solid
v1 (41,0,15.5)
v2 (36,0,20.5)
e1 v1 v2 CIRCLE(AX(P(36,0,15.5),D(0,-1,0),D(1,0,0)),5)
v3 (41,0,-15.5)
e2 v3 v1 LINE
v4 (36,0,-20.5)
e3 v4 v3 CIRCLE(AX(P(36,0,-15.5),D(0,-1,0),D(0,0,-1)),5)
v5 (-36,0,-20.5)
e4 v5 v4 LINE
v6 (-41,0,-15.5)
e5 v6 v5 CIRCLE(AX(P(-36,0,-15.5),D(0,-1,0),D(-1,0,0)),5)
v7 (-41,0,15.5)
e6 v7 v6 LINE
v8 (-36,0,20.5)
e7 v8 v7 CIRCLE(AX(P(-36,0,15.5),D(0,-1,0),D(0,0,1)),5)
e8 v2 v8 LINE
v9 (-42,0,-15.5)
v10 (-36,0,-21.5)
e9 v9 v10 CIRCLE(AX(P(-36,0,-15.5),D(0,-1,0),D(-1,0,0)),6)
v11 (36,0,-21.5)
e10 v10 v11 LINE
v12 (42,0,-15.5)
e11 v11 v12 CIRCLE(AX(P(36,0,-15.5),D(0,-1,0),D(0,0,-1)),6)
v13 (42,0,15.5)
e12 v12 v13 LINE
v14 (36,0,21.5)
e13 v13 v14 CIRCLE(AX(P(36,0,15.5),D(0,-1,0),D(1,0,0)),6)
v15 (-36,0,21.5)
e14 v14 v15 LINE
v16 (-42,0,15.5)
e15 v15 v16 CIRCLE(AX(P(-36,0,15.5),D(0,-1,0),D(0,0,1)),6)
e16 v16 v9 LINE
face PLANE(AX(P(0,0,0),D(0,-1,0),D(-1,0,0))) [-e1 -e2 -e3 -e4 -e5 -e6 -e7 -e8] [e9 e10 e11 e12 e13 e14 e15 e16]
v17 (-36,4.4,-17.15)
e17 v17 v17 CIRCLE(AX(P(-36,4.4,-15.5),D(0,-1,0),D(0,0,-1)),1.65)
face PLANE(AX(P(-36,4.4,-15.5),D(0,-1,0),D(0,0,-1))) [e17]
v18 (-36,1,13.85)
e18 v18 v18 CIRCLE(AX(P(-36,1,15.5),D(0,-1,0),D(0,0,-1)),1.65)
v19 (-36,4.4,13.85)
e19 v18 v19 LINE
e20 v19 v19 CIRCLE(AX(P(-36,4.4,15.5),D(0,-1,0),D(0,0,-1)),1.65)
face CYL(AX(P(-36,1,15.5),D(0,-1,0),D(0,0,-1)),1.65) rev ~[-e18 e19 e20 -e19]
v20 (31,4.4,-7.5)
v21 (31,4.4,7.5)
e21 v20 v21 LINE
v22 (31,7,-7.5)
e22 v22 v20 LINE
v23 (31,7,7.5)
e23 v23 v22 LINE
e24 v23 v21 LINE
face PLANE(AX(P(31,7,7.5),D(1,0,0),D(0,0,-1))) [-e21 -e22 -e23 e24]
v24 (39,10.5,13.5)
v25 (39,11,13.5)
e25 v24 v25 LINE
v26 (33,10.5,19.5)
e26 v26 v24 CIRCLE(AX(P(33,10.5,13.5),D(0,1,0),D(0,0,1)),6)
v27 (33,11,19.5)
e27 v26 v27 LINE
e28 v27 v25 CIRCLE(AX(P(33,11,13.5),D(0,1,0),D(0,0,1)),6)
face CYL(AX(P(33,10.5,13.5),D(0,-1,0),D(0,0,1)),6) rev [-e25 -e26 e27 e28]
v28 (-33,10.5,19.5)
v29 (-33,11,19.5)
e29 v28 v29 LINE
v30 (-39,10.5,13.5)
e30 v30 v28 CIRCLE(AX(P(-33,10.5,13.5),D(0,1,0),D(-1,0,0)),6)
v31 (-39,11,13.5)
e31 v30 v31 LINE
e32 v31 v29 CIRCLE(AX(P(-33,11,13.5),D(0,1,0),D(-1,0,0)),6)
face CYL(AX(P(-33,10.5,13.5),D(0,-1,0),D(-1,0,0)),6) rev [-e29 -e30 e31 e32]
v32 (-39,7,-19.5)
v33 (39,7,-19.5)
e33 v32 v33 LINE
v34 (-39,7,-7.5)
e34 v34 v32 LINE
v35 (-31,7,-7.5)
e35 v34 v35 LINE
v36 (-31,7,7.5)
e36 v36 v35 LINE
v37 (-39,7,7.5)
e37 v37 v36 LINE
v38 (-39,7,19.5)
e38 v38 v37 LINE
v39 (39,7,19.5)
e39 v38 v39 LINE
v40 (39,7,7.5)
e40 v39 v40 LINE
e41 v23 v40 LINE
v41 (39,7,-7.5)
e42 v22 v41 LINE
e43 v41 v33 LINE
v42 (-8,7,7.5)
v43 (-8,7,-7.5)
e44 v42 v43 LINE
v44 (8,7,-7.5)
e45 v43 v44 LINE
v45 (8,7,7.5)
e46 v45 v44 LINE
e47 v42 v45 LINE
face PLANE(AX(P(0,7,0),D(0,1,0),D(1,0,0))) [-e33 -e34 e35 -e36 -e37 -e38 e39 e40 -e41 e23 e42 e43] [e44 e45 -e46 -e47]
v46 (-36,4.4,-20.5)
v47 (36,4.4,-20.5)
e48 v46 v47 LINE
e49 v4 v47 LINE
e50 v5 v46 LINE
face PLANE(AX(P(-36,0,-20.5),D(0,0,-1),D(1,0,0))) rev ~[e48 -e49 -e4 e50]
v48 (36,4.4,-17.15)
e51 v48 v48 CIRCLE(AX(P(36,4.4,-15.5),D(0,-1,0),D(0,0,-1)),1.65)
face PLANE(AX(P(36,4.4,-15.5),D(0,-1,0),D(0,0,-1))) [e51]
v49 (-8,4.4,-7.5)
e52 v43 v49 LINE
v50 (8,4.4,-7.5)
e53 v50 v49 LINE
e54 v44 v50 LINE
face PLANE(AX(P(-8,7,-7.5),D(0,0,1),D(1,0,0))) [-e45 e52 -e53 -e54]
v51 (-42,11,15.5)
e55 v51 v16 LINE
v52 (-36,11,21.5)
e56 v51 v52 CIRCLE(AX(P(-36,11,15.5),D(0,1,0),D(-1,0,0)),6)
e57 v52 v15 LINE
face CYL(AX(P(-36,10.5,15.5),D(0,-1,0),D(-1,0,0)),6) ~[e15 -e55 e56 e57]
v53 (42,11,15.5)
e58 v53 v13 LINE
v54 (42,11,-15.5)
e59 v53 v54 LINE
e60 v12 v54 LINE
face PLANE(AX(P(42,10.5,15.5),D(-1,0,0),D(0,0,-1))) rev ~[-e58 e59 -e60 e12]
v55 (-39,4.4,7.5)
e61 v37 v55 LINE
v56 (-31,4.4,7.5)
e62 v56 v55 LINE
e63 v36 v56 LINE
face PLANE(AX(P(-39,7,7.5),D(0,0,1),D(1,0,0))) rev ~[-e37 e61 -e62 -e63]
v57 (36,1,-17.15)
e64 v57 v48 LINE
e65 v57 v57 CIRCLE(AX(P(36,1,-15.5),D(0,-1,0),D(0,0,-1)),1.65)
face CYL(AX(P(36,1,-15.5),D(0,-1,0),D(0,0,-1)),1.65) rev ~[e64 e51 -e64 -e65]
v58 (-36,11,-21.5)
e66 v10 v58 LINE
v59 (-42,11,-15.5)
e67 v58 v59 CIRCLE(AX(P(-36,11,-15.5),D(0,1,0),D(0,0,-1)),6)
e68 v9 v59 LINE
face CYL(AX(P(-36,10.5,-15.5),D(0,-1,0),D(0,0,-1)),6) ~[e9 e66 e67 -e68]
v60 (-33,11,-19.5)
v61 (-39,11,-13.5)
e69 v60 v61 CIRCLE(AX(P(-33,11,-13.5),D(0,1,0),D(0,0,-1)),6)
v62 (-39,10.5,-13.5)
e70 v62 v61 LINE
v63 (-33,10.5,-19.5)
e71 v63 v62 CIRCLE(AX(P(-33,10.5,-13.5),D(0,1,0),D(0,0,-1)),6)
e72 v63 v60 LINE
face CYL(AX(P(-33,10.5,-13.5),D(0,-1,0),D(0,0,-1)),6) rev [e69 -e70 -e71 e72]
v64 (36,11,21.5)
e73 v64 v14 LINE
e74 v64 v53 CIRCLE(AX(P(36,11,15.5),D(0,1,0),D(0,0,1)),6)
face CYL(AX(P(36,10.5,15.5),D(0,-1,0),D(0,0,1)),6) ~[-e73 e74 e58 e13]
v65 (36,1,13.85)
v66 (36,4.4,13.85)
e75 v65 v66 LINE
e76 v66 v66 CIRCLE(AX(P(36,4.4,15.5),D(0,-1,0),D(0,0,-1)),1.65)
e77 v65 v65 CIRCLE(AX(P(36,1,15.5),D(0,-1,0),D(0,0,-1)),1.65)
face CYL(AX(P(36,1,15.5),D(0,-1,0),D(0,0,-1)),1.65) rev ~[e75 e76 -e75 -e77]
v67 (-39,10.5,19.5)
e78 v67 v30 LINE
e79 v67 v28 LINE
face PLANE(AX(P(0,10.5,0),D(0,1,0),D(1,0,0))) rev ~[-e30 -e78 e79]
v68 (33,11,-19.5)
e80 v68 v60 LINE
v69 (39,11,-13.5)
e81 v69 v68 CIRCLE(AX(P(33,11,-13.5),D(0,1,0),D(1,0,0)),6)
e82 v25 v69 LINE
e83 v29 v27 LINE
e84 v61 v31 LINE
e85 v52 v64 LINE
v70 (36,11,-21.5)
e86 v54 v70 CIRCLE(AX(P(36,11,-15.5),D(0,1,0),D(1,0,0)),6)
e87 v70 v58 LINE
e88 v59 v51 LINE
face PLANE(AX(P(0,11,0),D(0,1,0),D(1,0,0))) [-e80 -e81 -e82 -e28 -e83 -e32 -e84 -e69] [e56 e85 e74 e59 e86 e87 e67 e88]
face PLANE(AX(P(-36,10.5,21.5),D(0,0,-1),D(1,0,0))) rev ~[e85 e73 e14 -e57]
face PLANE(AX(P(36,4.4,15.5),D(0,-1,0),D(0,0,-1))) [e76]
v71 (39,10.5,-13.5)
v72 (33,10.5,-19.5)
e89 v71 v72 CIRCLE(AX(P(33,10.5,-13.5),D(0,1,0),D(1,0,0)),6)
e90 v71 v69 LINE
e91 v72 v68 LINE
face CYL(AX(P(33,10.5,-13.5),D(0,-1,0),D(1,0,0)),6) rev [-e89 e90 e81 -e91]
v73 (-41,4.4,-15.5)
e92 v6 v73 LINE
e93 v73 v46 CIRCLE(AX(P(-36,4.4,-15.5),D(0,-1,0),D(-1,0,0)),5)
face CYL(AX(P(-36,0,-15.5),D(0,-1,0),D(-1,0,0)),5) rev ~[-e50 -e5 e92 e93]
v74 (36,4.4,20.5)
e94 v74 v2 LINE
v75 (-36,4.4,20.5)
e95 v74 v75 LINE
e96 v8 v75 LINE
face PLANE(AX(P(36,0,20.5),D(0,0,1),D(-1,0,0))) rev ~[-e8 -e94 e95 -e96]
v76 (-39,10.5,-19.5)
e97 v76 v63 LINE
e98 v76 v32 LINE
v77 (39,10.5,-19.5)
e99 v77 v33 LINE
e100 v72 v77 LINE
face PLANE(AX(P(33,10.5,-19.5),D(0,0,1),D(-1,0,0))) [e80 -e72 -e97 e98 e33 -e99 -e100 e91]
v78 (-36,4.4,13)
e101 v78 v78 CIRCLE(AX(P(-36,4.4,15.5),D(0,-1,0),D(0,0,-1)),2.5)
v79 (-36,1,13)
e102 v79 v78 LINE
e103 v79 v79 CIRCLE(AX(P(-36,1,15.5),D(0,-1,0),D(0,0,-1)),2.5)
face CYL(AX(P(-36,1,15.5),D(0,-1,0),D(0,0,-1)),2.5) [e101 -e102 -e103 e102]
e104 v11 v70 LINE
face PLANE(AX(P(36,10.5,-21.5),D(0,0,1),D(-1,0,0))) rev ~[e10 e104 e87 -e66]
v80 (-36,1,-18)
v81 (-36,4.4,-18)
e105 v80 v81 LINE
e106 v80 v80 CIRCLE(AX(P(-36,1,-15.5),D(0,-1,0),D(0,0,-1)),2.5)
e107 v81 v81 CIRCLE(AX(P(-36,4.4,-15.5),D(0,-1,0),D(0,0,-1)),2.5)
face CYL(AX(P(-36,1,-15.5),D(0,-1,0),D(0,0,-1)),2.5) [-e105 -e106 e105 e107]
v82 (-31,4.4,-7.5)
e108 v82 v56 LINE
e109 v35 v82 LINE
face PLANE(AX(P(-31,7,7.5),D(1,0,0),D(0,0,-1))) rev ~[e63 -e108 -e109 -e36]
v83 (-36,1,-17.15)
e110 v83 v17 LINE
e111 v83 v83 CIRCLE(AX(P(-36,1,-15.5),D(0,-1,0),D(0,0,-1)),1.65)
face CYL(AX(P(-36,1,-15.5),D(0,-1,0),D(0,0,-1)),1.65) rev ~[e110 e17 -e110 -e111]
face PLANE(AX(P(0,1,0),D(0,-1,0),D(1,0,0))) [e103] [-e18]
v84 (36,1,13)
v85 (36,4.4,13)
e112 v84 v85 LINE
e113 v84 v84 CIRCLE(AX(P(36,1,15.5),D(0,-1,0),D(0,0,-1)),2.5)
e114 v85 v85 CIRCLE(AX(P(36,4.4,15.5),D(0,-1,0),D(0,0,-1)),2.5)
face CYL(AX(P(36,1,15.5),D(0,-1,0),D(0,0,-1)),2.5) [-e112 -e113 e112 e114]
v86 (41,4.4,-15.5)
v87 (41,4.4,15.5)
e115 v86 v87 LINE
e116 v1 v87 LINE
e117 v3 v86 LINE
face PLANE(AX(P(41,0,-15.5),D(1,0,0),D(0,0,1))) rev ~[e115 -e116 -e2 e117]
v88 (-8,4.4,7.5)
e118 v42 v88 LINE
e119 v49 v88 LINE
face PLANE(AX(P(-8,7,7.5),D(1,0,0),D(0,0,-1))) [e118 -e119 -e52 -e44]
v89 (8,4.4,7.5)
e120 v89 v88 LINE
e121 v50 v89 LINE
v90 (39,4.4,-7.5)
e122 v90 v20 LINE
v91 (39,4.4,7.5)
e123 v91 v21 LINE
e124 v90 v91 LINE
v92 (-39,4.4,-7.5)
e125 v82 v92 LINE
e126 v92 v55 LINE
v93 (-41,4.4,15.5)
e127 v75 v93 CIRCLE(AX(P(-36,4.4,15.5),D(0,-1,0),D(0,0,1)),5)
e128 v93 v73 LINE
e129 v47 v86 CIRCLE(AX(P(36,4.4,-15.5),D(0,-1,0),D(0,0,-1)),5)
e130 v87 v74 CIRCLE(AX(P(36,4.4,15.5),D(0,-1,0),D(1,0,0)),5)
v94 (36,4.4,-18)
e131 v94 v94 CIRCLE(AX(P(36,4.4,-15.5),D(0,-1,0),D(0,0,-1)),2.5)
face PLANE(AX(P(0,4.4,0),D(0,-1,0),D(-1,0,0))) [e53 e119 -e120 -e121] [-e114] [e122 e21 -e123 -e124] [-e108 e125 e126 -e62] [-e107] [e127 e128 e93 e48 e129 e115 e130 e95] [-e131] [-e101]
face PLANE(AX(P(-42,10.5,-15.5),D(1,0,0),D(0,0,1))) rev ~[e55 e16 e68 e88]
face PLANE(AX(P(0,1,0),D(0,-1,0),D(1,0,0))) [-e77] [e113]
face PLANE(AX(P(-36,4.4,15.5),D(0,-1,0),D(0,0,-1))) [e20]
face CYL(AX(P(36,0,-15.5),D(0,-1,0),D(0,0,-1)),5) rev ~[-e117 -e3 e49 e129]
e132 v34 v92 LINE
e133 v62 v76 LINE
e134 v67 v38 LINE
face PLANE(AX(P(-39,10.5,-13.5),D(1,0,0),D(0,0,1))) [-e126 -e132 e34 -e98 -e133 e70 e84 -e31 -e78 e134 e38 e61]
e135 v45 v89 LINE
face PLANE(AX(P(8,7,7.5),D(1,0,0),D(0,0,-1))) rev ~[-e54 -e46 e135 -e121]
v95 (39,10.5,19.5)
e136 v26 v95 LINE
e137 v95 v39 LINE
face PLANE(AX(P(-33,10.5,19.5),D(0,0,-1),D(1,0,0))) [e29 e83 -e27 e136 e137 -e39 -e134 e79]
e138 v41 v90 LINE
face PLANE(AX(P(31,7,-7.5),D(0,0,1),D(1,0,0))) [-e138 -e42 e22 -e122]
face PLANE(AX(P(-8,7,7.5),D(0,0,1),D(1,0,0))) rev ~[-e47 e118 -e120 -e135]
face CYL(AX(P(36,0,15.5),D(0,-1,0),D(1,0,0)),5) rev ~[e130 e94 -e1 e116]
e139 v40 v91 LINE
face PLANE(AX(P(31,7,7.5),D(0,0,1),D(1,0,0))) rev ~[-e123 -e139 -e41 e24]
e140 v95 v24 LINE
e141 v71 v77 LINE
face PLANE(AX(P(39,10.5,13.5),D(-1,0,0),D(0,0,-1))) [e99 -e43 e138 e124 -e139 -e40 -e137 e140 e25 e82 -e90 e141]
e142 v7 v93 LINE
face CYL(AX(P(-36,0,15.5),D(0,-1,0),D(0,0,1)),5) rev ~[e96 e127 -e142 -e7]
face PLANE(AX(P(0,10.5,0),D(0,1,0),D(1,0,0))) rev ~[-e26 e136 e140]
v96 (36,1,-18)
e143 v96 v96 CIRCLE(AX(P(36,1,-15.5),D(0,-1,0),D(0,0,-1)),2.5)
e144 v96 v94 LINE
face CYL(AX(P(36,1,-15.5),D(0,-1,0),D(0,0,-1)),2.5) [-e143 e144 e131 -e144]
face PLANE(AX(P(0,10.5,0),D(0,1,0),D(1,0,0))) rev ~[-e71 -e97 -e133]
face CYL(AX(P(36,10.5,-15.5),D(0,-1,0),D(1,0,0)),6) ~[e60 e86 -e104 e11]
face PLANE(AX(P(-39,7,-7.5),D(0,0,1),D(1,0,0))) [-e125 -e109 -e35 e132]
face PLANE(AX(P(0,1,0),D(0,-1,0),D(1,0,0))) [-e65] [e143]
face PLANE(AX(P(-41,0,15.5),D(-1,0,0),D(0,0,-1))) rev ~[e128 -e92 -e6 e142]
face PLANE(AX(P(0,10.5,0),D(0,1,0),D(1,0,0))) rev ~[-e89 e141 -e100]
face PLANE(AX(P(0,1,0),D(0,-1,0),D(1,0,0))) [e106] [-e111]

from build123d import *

# Parameters (mm, degrees)
EXTRUDE_1_DEPTH     = 10.5
CUT_EXTRUDE_1_DEPTH = 1
SKETCH_3_R          = 2.5
SKETCH_3_R_2        = 1.65
CUT_EXTRUDE_2_DEPTH = 3.4
SKETCH_4_W          = 78
SKETCH_4_H          = 39
CUT_EXTRUDE_3_DEPTH = 3.5
SKETCH_5_W          = 8
SKETCH_5_H          = 15
CUT_EXTRUDE_4_DEPTH = 48.699580711
SKETCH_6_W          = 16
SKETCH_6_H          = 15
CUT_EXTRUDE_5_DEPTH = 48.699580711
EXTRUDE_2_DEPTH     = 0.5


with BuildPart() as part:
    # 草图1 → 凸台-拉伸1 (new body)
    with BuildSketch(Plane(origin=(0, 0, 0), x_dir=(1, 0, 0), z_dir=(0, 1, 0))):
        with BuildLine():
            Line((-36, 21.5), (36, 21.5))
            ThreePointArc((36, 21.5), (40.242640687, 19.742640687), (42, 15.5))
            Line((42, 15.5), (42, -15.5))
            ThreePointArc((42, -15.5), (40.242640687, -19.742640687), (36, -21.5))
            Line((36, -21.5), (-36, -21.5))
            ThreePointArc((-36, -21.5), (-40.242640687, -19.742640687), (-42, -15.5))
            Line((-42, -15.5), (-42, 15.5))
            ThreePointArc((-42, 15.5), (-40.242640687, 19.742640687), (-36, 21.5))
        make_face()
    extrude(amount=EXTRUDE_1_DEPTH)

    # 草图2 → 切除-拉伸1 (cut)
    with BuildSketch(Plane.XZ):
        with BuildLine():
            Line((36, 20.5), (-36, 20.5))
            ThreePointArc((-36, 20.5), (-39.535533906, 19.035533906), (-41, 15.5))
            Line((-41, 15.5), (-41, -15.5))
            ThreePointArc((-41, -15.5), (-39.535533906, -19.035533906), (-36, -20.5))
            Line((-36, -20.5), (36, -20.5))
            ThreePointArc((36, -20.5), (39.535533906, -19.035533906), (41, -15.5))
            Line((41, -15.5), (41, 15.5))
            ThreePointArc((41, 15.5), (39.535533906, 19.035533906), (36, 20.5))
        make_face()
    extrude(amount=-CUT_EXTRUDE_1_DEPTH, mode=Mode.SUBTRACT)

    # 草图3 → 切除-拉伸2 (cut)
    # profile 1 of 5: a face of its own
    with BuildSketch(Plane(origin=(0, 1, 0), x_dir=(-1, 0, 0), z_dir=(0, -1, 0))):
        with BuildLine():
            Line((-41, 15.5), (-41, -15.5))
            ThreePointArc((-41, -15.5), (-39.535533906, -19.035533906), (-36, -20.5))
            Line((-36, -20.5), (36, -20.5))
            ThreePointArc((36, -20.5), (39.535533906, -19.035533906), (41, -15.5))
            Line((41, -15.5), (41, 15.5))
            ThreePointArc((41, 15.5), (39.535533906, 19.035533906), (36, 20.5))
            Line((36, 20.5), (-36, 20.5))
            ThreePointArc((-36, 20.5), (-39.535533906, 19.035533906), (-41, 15.5))
        make_face()
        with Locations(Location((36, 15.5, 0), (0, 0, 90))):
            Circle(SKETCH_3_R, mode=Mode.SUBTRACT)
        with Locations(Location((36, -15.5, 0), (0, 0, 90))):
            Circle(SKETCH_3_R, mode=Mode.SUBTRACT)
        with Locations(Location((-36, 15.5, 0), (0, 0, 90))):
            Circle(SKETCH_3_R, mode=Mode.SUBTRACT)
        with Locations(Location((-36, -15.5, 0), (0, 0, 90))):
            Circle(SKETCH_3_R, mode=Mode.SUBTRACT)
    # profile 2 of 5: a face of its own
    with BuildSketch(Plane(origin=(0, 1, 0), x_dir=(-1, 0, 0), z_dir=(0, -1, 0))):
        with Locations(Location((36, 15.5, 0), (0, 0, 90))):
            Circle(SKETCH_3_R_2)
    # profile 3 of 5: a face of its own
    with BuildSketch(Plane(origin=(0, 1, 0), x_dir=(-1, 0, 0), z_dir=(0, -1, 0))):
        with Locations(Location((36, -15.5, 0), (0, 0, 90))):
            Circle(SKETCH_3_R_2)
    # profile 4 of 5: a face of its own
    with BuildSketch(Plane(origin=(0, 1, 0), x_dir=(-1, 0, 0), z_dir=(0, -1, 0))):
        with Locations(Location((-36, -15.5, 0), (0, 0, 90))):
            Circle(SKETCH_3_R_2)
    # profile 5 of 5: a face of its own
    with BuildSketch(Plane(origin=(0, 1, 0), x_dir=(-1, 0, 0), z_dir=(0, -1, 0))):
        with Locations(Location((-36, 15.5, 0), (0, 0, 90))):
            Circle(SKETCH_3_R_2)
    extrude(amount=-CUT_EXTRUDE_2_DEPTH, mode=Mode.SUBTRACT)

    # 草图4 → 切除-拉伸3 (cut)
    with BuildSketch(Plane(origin=(0, 10.5, 0), x_dir=(1, 0, 0), z_dir=(0, 1, 0))):
        Rectangle(SKETCH_4_W, SKETCH_4_H)
    extrude(amount=-CUT_EXTRUDE_3_DEPTH, mode=Mode.SUBTRACT)

    # 草图5 → 切除-拉伸4 (cut, through all)
    with BuildSketch(Plane(origin=(0, 7, 0), x_dir=(1, 0, 0), z_dir=(0, 1, 0))):
        with Locations((-35, 0)):
            Rectangle(SKETCH_5_W, SKETCH_5_H)
        with Locations((35, 0)):
            Rectangle(SKETCH_5_W, SKETCH_5_H)
    extrude(amount=-CUT_EXTRUDE_4_DEPTH, mode=Mode.SUBTRACT)

    # 草图6 → 切除-拉伸5 (cut, through all)
    with BuildSketch(Plane(origin=(0, 7, 0), x_dir=(1, 0, 0), z_dir=(0, 1, 0))):
        Rectangle(SKETCH_6_W, SKETCH_6_H)
    extrude(amount=-CUT_EXTRUDE_5_DEPTH, mode=Mode.SUBTRACT)

    # 草图7 → 凸台-拉伸2 (add)
    with BuildSketch(Plane(origin=(0, 10.5, 0), x_dir=(1, 0, 0), z_dir=(0, 1, 0))):
        with BuildLine():
            Line((42, -15.5), (42, 15.5))
            ThreePointArc((42, 15.5), (40.242640687, 19.742640687), (36, 21.5))
            Line((36, 21.5), (-36, 21.5))
            ThreePointArc((-36, 21.5), (-40.242640687, 19.742640687), (-42, 15.5))
            Line((-42, 15.5), (-42, -15.5))
            ThreePointArc((-42, -15.5), (-40.242640687, -19.742640687), (-36, -21.5))
            Line((-36, -21.5), (36, -21.5))
            ThreePointArc((36, -21.5), (40.242640687, -19.742640687), (42, -15.5))
        make_face()
        with BuildLine():
            Line((-33, -19.5), (33, -19.5))
            ThreePointArc((33, -19.5), (37.242640687, -17.742640687), (39, -13.5))
            Line((39, -13.5), (39, 13.5))
            ThreePointArc((39, 13.5), (37.242640687, 17.742640687), (33, 19.5))
            Line((33, 19.5), (-33, 19.5))
            ThreePointArc((-33, 19.5), (-37.242640687, 17.742640687), (-39, 13.5))
            Line((-39, 13.5), (-39, -13.5))
            ThreePointArc((-39, -13.5), (-37.242640687, -17.742640687), (-33, -19.5))
        make_face(mode=Mode.SUBTRACT)
    extrude(amount=EXTRUDE_2_DEPTH)


solid = part.part
